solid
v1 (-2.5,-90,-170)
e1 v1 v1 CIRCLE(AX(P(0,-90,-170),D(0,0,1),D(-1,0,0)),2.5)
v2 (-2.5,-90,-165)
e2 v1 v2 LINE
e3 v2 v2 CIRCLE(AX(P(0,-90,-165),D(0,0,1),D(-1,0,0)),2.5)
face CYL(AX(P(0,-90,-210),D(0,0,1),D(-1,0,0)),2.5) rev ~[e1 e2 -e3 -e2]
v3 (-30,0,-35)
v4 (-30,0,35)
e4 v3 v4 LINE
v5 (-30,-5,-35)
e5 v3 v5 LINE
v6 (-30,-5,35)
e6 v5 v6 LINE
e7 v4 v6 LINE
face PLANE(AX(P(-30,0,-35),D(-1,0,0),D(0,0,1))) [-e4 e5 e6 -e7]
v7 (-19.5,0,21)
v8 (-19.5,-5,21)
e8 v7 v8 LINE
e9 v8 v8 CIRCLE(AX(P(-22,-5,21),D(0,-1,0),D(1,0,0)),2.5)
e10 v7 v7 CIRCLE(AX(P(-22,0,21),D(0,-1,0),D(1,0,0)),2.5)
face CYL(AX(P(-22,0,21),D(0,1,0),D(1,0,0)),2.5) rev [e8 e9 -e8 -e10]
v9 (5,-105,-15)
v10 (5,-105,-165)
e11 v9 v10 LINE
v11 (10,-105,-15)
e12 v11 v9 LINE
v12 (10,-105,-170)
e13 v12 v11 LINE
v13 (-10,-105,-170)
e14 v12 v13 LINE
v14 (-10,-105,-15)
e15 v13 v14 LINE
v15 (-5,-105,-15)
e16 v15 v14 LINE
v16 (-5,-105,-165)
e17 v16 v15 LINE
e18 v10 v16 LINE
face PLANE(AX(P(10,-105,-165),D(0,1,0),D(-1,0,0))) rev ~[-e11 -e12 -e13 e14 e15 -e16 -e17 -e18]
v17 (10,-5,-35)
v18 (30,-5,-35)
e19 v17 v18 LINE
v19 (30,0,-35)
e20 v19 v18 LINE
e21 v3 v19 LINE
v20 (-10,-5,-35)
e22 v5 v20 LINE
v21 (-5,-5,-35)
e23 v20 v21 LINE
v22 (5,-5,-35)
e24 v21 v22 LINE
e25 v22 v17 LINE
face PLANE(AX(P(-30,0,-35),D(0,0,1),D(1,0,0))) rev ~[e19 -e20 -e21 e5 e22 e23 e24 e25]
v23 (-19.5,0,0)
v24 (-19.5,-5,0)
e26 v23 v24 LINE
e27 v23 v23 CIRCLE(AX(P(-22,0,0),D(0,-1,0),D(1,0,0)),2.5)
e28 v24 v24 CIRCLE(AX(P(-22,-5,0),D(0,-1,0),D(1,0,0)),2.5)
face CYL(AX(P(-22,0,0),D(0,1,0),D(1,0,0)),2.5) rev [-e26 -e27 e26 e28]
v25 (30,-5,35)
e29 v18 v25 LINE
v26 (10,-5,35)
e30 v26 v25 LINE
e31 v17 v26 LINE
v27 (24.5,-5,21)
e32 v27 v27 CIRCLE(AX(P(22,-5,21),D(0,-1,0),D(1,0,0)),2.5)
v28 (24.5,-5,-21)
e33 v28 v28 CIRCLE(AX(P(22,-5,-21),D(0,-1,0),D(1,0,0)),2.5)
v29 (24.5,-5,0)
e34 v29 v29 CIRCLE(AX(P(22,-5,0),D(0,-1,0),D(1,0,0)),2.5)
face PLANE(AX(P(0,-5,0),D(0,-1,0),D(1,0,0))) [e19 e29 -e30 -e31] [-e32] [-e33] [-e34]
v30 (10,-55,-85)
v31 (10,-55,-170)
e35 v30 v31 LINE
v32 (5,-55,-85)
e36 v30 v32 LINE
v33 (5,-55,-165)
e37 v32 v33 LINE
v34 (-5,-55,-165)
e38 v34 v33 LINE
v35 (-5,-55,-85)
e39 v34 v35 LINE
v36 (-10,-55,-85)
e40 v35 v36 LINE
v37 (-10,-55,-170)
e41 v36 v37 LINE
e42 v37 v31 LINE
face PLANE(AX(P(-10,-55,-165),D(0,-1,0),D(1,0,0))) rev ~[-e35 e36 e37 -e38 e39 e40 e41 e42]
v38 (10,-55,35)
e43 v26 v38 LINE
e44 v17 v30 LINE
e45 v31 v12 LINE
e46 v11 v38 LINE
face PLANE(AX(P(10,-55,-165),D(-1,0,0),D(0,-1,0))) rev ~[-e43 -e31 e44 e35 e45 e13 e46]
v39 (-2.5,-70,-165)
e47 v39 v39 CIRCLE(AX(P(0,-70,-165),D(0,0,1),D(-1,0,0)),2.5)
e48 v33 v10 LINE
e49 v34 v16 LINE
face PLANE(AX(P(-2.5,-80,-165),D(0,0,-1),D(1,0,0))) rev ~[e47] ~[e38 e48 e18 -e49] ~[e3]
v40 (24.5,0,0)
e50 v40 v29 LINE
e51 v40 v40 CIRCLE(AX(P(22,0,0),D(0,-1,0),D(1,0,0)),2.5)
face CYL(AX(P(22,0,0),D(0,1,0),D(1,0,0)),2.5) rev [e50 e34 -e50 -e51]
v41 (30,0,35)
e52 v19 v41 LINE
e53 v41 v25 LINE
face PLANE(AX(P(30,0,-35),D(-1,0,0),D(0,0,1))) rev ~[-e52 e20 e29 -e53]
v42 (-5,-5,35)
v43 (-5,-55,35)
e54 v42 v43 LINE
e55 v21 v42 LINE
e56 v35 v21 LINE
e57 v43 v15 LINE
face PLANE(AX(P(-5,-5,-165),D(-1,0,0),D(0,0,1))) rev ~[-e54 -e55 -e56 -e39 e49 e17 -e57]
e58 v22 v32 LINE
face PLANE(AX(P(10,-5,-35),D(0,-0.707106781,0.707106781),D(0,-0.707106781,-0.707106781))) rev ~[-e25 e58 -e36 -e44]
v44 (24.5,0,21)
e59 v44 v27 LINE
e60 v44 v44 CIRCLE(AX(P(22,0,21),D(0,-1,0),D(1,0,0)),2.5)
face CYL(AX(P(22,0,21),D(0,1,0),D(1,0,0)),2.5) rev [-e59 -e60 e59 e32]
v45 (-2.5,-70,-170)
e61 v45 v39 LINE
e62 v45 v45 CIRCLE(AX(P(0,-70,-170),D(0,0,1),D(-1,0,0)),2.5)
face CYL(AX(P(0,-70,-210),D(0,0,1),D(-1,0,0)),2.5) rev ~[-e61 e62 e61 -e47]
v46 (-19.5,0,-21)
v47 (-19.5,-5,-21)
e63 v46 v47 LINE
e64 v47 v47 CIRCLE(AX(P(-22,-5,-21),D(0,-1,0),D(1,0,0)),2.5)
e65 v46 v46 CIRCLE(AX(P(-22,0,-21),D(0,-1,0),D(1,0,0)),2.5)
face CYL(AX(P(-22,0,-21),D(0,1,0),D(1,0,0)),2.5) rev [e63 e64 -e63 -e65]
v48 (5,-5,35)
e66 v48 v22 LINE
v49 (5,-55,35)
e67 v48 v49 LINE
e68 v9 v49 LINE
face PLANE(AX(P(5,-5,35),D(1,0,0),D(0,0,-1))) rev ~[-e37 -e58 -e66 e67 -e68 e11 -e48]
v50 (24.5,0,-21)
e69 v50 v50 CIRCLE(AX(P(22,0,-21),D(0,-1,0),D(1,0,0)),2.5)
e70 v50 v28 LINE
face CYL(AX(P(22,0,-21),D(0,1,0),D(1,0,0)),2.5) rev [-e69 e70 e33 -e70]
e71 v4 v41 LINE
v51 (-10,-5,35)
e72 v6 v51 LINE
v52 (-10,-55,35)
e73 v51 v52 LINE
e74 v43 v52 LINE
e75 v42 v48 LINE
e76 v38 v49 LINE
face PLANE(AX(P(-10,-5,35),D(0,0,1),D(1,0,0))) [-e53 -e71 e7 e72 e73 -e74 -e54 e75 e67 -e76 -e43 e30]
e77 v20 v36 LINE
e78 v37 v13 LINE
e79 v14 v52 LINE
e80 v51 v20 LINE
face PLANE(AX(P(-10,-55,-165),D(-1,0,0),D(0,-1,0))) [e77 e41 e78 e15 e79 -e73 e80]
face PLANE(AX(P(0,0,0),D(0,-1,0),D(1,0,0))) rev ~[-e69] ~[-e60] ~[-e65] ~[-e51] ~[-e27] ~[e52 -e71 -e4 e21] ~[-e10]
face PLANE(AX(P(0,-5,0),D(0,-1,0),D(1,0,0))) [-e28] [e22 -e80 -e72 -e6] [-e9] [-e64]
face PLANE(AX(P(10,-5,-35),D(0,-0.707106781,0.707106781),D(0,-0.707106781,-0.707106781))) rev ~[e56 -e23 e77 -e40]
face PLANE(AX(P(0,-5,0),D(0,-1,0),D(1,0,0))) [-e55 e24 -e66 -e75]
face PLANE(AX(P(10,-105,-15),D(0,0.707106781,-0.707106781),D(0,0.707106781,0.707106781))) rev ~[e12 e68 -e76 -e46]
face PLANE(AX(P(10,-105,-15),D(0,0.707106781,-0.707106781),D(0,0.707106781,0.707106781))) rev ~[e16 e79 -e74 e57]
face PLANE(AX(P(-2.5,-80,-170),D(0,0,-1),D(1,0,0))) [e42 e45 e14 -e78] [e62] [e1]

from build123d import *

# Parameters (mm, degrees)
F0_W     = 60
F0_H     = 70
F0_R     = 2.5
F1_DEPTH = 5
F2_W     = 5
F2_H     = 130
F2_H_2   = 70
F3_DEPTH = 100
F5_DEPTH = 25
F6_W     = 15
F6_H     = 50
F6_W_2   = 5
F7_DEPTH = 5
F9_D     = 5
F9_DEPTH = 40


with BuildPart() as f1:
    # F0 (on Front) → F1 (new body)
    with BuildSketch(Plane.XZ):
        Rectangle(F0_W, F0_H)
        with Locations((-22, -21)):
            Circle(F0_R, mode=Mode.SUBTRACT)
        with Locations((22, -21)):
            Circle(F0_R, mode=Mode.SUBTRACT)
        with Locations((-22, 0)):
            Circle(F0_R, mode=Mode.SUBTRACT)
        with Locations((-22, 21)):
            Circle(F0_R, mode=Mode.SUBTRACT)
        with Locations((22, 0)):
            Circle(F0_R, mode=Mode.SUBTRACT)
        with Locations((22, 21)):
            Circle(F0_R, mode=Mode.SUBTRACT)
    extrude(amount=F1_DEPTH)

    # F2 (on face) → F3 (join)
    with BuildSketch(Plane.XZ.offset(5)):
        with Locations((-7.5, -100)):
            Rectangle(F2_W, F2_H)
        with Locations((-7.5, 0)):
            Rectangle(F2_W, F2_H_2)
        with Locations((7.5, 0)):
            Rectangle(F2_W, F2_H_2)
        with Locations((7.5, -100)):
            Rectangle(F2_W, F2_H)
    extrude(amount=F3_DEPTH)

    # F4 (on face) → F5 (cut)
    with BuildSketch(Plane.YZ.offset(10)):
        Polygon((-105, -15), (-55, 35), (-105, 35), align=None)
        Polygon((-5, -165), (-5, -35), (-55, -85), (-55, -165), align=None)
    extrude(amount=-F5_DEPTH, mode=Mode.SUBTRACT)

    # F6 (on face) → F7 (join)
    with BuildSketch(Plane(origin=(0, 0, -165), x_dir=(1, 0, 0), z_dir=(0, 0, -1))):
        with Locations((-2.5, 80)):
            Rectangle(F6_W, F6_H)
        with Locations((7.5, 80)):
            Rectangle(F6_W_2, F6_H)
    extrude(amount=F7_DEPTH)

    # F9
    with Locations(Plane(origin=(0, 0, -170), x_dir=(1, 0, 0), z_dir=(0, 0, -1))):
        with Locations((0, 90), (0, 70)):
            Hole(F9_D / 2, depth=F9_DEPTH)


solid = f1.part
